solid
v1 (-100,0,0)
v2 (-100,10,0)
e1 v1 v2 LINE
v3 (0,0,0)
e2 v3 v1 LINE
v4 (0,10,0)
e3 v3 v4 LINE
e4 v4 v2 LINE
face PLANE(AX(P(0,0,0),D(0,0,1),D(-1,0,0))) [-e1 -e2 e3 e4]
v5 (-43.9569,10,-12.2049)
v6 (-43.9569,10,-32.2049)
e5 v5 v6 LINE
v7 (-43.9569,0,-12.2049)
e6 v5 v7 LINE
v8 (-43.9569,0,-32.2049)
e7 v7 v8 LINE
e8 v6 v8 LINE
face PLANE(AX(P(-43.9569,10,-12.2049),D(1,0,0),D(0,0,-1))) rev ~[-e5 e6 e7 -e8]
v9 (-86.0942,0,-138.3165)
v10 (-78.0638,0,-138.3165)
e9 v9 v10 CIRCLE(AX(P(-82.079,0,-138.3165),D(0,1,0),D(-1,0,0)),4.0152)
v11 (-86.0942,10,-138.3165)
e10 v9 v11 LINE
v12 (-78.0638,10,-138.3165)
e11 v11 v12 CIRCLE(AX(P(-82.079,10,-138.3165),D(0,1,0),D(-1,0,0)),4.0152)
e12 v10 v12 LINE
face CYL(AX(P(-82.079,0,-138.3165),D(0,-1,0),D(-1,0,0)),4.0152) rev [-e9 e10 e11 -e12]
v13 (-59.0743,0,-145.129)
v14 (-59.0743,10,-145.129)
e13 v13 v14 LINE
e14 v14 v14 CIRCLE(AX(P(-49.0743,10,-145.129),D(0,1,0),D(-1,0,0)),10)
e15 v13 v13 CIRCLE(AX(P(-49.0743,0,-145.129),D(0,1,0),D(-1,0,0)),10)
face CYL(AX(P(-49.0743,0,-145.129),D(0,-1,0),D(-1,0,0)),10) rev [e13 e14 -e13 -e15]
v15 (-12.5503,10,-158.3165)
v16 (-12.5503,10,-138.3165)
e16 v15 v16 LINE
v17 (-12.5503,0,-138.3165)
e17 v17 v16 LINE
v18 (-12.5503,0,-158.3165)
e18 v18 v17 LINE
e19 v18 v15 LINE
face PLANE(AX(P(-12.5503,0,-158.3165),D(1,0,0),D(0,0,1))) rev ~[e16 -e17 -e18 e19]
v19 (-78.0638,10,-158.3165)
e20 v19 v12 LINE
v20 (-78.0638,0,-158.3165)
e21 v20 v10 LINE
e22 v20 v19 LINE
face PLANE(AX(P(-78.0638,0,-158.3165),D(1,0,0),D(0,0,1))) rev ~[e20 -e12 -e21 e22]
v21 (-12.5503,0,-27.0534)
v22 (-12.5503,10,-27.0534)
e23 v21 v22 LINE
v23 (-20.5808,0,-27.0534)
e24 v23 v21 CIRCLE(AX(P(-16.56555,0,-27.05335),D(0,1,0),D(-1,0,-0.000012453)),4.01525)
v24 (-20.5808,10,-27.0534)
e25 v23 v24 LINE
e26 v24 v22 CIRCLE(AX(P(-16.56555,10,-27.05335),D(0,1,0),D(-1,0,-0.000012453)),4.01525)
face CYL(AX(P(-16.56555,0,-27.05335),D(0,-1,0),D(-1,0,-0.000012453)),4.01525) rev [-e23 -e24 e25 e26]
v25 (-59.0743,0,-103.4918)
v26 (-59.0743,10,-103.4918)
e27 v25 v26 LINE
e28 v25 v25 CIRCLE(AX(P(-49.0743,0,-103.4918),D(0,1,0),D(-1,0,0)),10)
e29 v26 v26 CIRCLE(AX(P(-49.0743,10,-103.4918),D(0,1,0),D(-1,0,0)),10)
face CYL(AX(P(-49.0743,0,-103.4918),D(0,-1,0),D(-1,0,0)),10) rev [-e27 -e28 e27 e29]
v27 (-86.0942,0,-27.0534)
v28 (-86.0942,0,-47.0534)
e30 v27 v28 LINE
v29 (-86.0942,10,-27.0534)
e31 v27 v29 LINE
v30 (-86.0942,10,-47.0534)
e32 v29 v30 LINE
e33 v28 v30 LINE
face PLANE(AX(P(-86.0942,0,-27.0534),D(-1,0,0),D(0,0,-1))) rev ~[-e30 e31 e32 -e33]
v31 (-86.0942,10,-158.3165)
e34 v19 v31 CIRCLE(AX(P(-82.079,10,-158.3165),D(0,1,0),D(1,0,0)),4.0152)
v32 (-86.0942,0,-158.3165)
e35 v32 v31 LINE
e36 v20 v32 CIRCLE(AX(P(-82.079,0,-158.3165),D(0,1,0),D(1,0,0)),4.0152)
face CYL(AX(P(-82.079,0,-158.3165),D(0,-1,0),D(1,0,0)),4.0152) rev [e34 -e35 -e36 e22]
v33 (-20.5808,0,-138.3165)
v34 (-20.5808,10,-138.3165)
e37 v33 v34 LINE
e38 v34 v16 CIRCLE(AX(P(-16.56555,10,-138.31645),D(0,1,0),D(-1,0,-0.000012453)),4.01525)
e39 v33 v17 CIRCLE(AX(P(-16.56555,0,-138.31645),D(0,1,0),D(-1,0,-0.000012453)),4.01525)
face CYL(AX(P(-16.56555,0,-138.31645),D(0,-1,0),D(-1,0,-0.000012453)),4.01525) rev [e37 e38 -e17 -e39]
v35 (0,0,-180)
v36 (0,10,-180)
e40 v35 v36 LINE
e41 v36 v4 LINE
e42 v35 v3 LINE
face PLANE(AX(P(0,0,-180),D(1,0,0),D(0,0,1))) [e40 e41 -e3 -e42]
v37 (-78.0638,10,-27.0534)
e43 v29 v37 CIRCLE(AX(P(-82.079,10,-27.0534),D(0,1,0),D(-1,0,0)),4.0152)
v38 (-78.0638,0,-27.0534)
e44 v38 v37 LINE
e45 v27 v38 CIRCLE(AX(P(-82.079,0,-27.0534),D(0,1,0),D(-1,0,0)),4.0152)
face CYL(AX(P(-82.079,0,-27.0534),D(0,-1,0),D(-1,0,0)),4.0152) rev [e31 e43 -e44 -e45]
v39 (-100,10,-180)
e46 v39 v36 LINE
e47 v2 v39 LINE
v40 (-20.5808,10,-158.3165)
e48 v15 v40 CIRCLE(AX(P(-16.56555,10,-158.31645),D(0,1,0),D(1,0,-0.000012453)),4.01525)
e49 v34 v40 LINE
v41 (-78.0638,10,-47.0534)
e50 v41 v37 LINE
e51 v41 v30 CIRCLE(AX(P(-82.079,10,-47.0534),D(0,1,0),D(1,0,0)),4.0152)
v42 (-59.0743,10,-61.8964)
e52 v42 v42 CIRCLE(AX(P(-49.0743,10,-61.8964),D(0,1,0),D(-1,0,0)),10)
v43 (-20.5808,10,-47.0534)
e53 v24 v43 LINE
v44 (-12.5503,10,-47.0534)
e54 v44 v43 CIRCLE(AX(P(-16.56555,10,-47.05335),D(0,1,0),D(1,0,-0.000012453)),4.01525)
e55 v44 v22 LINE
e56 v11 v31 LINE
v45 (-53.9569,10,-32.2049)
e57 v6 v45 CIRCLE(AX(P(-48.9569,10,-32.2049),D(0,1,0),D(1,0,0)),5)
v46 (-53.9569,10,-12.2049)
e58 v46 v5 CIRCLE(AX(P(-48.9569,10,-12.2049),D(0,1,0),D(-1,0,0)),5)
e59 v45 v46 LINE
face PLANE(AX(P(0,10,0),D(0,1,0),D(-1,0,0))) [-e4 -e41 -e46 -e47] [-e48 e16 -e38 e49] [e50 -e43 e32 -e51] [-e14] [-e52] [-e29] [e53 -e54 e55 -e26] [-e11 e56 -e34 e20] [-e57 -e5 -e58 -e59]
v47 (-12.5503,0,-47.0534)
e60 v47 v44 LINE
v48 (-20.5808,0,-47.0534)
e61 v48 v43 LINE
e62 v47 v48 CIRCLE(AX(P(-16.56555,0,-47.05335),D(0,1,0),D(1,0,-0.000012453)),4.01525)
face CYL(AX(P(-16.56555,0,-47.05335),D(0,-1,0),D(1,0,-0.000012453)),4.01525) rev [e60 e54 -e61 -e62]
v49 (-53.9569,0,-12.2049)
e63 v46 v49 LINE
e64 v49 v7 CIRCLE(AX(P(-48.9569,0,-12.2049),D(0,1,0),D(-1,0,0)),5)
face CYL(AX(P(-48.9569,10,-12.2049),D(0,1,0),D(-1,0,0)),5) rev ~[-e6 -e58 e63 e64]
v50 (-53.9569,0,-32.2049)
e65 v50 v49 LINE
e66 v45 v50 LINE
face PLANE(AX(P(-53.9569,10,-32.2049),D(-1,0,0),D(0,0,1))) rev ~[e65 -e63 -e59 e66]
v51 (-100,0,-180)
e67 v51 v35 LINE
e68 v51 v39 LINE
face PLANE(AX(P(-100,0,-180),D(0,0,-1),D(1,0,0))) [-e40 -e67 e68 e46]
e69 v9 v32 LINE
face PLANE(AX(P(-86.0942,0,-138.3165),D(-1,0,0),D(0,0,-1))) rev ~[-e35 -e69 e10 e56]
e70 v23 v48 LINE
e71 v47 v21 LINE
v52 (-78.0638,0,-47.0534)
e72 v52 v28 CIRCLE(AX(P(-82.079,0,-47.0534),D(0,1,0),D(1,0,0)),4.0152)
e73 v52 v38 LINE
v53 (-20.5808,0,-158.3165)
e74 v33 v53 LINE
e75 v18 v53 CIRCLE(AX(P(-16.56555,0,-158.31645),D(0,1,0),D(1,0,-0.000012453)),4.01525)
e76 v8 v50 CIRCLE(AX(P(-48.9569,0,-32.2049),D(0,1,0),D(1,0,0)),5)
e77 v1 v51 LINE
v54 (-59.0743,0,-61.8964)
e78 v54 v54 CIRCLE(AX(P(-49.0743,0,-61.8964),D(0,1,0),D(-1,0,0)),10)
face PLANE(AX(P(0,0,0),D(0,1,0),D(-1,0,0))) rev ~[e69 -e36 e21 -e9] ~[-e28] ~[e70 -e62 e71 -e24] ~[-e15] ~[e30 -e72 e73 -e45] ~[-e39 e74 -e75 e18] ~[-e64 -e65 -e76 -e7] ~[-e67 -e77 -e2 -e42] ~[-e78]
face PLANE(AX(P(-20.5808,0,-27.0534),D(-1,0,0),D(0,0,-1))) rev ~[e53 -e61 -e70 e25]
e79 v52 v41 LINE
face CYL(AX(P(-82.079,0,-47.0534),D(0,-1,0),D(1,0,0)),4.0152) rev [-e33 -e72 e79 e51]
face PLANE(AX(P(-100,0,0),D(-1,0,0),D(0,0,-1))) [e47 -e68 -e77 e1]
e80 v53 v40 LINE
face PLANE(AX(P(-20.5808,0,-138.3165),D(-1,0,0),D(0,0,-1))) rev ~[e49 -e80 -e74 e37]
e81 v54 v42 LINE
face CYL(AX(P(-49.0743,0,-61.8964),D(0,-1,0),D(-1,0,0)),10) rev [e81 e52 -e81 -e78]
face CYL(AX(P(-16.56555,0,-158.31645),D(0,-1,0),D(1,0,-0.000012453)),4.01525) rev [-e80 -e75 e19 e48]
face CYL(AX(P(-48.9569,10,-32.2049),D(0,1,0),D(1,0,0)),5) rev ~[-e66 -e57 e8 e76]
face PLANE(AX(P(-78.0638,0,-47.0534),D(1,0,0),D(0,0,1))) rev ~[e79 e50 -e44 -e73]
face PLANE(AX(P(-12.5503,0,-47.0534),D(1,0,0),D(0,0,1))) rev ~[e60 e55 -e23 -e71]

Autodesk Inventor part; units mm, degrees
ref_plane "YZ Plane" through (0, 0, 0) normal (1, 0, 0) x (0, 1, 0)
ref_plane "XZ Plane" through (0, 0, 0) normal (0, 1, 0) x (-1, 0, 0)
ref_plane "XY Plane" through (0, 0, 0) normal (0, 0, 1) x (1, 0, 0)
sketch "Sketch1" plane through (0, 0, 0) normal (0, 1, 0) x (-1, 0, 0)
  line L0 (0, 0) -> (100, 0)
  line L1 (100, 0) -> (100, -180)
  line L2 (100, -180) -> (0, -180)
  line L3 (0, -180) -> (0, 0)
  dimension "d0" = 100
  dimension "d1" = 180
sketch "Sketch2" plane through (0, 0, 0) normal (0, 1, 0) x (-1, 0, 0)
  circle A0 centre (49.0743, -61.8964) radius 10
  circle A1 centre (49.0743, -103.4918) radius 10
  circle A2 centre (49.0743, -145.129) radius 10
  line L0 (82.079, -27.0534) -> (82.079, -47.0534) construction
  line L1 (86.0942, -27.0534) -> (86.0942, -47.0534)
  line L2 (78.0638, -47.0534) -> (78.0638, -27.0534)
  arc A3 (86.0942, -27.0534) -> (78.0638, -27.0534) centre (82.079, -27.0534) ccw
  arc A4 (78.0638, -47.0534) -> (86.0942, -47.0534) centre (82.079, -47.0534) ccw
  line L3 (16.5655, -27.0534) -> (16.5655, -47.0534) construction
  line L4 (20.5808, -27.0534) -> (20.5808, -47.0534)
  line L5 (12.5503, -47.0534) -> (12.5503, -27.0534)
  arc A5 (20.5808, -27.0534) -> (12.5503, -27.0534) centre (16.5655, -27.0534) ccw
  arc A6 (12.5503, -47.0534) -> (20.5808, -47.0534) centre (16.5655, -47.0534) ccw
  line L6 (82.079, -138.3165) -> (82.079, -158.3165) construction
  line L7 (86.0942, -138.3165) -> (86.0942, -158.3165)
  line L8 (78.0638, -158.3165) -> (78.0638, -138.3165)
  arc A7 (86.0942, -138.3165) -> (78.0638, -138.3165) centre (82.079, -138.3165) ccw
  arc A8 (78.0638, -158.3165) -> (86.0942, -158.3165) centre (82.079, -158.3165) ccw
  line L9 (16.5655, -138.3165) -> (16.5655, -158.3165) construction
  line L10 (20.5808, -138.3165) -> (20.5808, -158.3165)
  line L11 (12.5503, -158.3165) -> (12.5503, -138.3165)
  arc A9 (20.5808, -138.3165) -> (12.5503, -138.3165) centre (16.5655, -138.3165) ccw
  arc A10 (12.5503, -158.3165) -> (20.5808, -158.3165) centre (16.5655, -158.3165) ccw
  point P0 (0, 0)
  point P1 (82.079, -37.0534)
  point P2 (16.5655, -37.0534)
  point P3 (82.079, -148.3165)
  point P4 (16.5655, -148.3165)
  dimension "d3" = 20
  dimension "d13" = 20
  dimension "d14" = 20
  dimension "d15" = 20
  dimension "d16" = 20
extrude "Extrusion1" add sketch "Sketch1" along normal blind 10
extrude "Extrusion2" cut sketch "Sketch2" along normal blind 10
sketch "Sketch6" plane through (0, 10, 0) normal (0, 1, 0) x (1, 0, 0)
  line L0 (-48.9569, 12.2049) -> (-48.9569, 32.2049) construction
  line L1 (-43.9569, 12.2049) -> (-43.9569, 32.2049)
  line L2 (-53.9569, 32.2049) -> (-53.9569, 12.2049)
  arc A0 (-53.9569, 12.2049) -> (-43.9569, 12.2049) centre (-48.9569, 12.2049) ccw
  arc A1 (-43.9569, 32.2049) -> (-53.9569, 32.2049) centre (-48.9569, 32.2049) ccw
  point P0 (0, 0)
  point P1 (-48.9569, 22.2049)
  dimension "d9" = 20
extrude "Extrusion3" cut sketch "Sketch6" against normal blind 10
properties part number "Sliding Plate"
